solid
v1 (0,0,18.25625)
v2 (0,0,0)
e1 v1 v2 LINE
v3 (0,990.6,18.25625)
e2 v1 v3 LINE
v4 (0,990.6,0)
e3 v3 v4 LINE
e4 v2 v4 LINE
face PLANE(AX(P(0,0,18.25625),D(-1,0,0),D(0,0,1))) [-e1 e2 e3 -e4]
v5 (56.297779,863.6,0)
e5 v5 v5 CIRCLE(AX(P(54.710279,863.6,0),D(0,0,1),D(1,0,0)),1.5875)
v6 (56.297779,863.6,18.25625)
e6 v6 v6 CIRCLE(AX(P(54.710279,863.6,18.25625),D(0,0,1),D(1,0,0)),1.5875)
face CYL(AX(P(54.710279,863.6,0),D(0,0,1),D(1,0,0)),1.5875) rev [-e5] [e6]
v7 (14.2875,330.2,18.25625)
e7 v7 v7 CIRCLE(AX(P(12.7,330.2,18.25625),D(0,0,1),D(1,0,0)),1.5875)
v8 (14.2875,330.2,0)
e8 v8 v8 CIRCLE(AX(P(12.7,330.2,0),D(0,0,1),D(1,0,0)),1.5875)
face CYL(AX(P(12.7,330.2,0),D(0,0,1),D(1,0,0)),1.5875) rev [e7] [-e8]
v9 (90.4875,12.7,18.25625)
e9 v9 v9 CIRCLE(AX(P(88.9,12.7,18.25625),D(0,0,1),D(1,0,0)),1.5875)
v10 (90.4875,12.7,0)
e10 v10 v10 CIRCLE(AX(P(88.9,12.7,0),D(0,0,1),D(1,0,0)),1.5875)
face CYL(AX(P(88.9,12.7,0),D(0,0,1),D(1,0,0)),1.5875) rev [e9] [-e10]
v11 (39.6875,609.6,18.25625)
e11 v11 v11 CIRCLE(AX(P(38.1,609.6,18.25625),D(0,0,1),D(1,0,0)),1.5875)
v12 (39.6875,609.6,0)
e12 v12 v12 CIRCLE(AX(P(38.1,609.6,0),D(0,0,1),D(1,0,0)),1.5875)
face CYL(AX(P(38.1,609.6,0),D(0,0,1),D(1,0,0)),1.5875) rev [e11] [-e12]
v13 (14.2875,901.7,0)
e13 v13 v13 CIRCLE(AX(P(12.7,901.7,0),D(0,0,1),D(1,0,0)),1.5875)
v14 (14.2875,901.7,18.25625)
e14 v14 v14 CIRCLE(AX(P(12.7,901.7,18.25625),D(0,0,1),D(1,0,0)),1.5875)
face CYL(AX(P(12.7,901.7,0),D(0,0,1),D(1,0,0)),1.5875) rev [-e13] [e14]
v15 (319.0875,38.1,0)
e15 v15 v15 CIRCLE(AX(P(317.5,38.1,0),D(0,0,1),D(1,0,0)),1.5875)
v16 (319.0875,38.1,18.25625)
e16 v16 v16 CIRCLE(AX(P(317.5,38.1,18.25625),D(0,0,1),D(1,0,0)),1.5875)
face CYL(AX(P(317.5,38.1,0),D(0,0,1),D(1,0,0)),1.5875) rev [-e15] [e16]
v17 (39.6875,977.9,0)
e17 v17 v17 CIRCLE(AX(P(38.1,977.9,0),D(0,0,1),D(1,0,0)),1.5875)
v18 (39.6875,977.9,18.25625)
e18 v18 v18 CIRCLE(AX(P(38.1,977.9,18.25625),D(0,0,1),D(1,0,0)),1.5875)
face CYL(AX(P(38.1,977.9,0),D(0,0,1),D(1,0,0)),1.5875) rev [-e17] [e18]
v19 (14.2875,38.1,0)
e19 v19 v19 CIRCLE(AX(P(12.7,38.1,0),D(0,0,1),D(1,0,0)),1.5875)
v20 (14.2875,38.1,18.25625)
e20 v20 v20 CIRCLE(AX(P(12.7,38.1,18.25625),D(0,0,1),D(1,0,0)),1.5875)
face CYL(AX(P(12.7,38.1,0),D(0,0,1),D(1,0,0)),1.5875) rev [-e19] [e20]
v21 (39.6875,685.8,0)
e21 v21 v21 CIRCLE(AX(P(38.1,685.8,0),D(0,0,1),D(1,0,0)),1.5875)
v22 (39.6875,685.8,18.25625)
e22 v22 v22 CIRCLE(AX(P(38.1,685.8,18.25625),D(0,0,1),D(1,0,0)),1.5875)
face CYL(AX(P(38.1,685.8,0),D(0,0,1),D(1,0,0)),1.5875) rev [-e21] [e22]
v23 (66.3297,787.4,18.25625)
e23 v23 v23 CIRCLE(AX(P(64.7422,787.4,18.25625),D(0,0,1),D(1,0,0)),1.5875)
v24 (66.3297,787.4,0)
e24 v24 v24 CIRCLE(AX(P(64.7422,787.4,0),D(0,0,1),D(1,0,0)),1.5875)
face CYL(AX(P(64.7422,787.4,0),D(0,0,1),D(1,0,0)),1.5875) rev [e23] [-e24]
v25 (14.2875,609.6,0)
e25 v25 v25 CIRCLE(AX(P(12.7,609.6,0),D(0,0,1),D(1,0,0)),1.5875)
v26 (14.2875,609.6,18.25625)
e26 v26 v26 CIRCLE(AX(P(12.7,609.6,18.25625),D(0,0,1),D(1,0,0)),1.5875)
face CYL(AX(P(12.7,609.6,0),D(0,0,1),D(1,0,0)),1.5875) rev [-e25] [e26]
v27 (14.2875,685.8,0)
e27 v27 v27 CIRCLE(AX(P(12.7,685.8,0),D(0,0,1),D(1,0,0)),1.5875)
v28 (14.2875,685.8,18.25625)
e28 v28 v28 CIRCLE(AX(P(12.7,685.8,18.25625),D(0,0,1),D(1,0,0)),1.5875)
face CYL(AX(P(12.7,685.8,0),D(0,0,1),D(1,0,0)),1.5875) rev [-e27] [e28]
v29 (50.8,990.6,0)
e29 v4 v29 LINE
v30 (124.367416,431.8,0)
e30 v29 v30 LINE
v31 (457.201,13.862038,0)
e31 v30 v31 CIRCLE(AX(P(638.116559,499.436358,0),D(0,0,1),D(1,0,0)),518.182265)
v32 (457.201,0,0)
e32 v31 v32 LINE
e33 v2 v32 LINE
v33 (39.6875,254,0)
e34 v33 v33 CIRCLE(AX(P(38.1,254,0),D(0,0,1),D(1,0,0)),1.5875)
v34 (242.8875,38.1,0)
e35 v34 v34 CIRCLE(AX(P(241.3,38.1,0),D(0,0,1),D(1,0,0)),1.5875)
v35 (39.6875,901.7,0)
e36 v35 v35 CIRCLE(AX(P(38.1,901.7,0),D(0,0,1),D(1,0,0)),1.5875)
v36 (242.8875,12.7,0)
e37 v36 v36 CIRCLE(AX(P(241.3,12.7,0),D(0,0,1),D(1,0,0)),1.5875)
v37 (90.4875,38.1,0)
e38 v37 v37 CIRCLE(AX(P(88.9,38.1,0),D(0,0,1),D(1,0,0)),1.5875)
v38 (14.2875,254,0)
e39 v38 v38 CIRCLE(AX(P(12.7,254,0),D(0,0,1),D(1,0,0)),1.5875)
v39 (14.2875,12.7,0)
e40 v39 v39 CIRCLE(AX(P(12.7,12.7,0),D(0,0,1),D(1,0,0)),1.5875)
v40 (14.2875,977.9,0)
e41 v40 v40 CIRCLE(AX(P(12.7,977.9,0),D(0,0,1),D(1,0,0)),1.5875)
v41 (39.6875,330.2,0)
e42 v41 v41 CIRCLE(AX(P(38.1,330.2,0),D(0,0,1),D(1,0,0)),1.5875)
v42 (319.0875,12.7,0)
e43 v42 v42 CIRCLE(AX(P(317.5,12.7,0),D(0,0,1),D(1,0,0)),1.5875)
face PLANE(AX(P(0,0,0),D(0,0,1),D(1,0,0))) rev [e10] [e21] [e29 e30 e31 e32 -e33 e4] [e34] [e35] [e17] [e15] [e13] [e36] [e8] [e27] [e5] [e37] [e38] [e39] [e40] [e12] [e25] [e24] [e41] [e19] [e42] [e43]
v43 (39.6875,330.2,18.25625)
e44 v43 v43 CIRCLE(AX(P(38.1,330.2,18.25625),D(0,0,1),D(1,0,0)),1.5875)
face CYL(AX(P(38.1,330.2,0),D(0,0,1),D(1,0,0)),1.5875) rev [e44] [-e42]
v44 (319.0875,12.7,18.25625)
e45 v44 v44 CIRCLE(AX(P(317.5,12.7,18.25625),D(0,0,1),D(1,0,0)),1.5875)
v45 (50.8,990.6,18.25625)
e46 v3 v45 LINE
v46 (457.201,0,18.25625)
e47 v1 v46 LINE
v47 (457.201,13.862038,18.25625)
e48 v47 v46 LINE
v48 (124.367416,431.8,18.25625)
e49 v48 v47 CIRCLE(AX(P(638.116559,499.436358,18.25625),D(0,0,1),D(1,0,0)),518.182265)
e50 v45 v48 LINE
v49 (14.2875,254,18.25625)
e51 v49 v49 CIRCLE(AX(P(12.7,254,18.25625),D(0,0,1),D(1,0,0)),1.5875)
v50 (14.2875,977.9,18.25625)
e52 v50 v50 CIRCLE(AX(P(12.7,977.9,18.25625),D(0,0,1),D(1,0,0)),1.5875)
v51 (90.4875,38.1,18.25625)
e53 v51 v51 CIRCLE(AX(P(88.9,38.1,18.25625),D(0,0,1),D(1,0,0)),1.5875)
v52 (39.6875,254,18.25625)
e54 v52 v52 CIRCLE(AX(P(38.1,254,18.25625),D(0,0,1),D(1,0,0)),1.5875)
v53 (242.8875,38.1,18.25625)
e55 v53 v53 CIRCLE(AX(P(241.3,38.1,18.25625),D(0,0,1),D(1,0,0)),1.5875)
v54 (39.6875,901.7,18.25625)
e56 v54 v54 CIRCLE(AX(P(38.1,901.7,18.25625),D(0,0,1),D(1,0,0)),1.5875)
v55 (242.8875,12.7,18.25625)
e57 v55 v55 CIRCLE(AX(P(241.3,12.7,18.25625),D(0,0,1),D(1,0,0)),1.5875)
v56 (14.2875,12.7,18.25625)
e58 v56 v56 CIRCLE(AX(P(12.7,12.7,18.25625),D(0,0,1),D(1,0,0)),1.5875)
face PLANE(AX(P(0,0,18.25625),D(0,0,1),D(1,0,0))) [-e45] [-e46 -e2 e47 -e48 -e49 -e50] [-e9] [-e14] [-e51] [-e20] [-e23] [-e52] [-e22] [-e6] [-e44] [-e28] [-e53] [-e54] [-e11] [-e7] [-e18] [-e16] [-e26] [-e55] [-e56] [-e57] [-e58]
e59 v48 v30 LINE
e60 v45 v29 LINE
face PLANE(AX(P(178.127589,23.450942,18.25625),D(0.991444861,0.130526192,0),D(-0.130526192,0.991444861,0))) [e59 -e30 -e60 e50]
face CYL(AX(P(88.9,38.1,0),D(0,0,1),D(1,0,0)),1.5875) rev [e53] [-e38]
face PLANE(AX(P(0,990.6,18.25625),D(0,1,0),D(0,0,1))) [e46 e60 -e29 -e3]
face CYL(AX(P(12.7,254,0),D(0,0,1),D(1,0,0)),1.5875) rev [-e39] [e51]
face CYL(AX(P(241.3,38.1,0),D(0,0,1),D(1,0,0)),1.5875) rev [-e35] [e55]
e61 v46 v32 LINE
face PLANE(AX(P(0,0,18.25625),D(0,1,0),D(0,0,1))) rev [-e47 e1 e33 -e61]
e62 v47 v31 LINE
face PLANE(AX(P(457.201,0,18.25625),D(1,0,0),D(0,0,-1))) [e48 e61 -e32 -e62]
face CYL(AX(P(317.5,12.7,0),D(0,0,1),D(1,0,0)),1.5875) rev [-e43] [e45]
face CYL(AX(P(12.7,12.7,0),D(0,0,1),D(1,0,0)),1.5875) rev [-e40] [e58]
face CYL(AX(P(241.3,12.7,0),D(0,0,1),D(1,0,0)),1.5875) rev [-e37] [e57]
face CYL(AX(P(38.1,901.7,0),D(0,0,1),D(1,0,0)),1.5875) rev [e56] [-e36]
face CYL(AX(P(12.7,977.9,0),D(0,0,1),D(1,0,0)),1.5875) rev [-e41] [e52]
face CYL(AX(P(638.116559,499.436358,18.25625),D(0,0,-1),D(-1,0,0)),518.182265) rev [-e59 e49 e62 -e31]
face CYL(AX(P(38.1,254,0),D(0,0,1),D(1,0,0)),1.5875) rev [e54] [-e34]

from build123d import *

# Parameters (mm, degrees)
BOSS_EXTRUDE1_DEPTH = 18.25625
SKETCH2_R           = 1.5875
CUT_EXTRUDE1_DEPTH  = 1092.171116308
SKETCH3_R           = 1.5875
CUT_EXTRUDE2_DEPTH  = 1092.171116308


with BuildPart() as part:
    # Sketch1 → Boss-Extrude1 (new body)
    with BuildSketch(Plane.XY):
        with BuildLine():
            Line((0, 990.6), (0, 0))
            Line((0, 0), (457.201, 0))
            Line((457.201, 0), (457.201, 13.862038208))
            ThreePointArc((457.201, 13.862038208), (232.767577124, 176.628269142), (124.367415652, 431.8))
            Line((124.367415652, 431.8), (50.8, 990.6))
            Line((50.8, 990.6), (0, 990.6))
        make_face()
    extrude(amount=BOSS_EXTRUDE1_DEPTH)

    # Sketch2 → Cut-Extrude1 (cut, through all)
    with BuildSketch(Plane.XY.offset(18.25625)):
        with Locations((12.7, 977.9)):
            Circle(SKETCH2_R)
        with Locations((38.1, 977.9)):
            Circle(SKETCH2_R)
        with Locations((12.7, 901.7)):
            Circle(SKETCH2_R)
        with Locations((38.1, 901.7)):
            Circle(SKETCH2_R)
        with Locations((12.7, 609.6)):
            Circle(SKETCH2_R)
        with Locations((38.1, 609.6)):
            Circle(SKETCH2_R)
        with Locations((12.7, 685.8)):
            Circle(SKETCH2_R)
        with Locations((38.1, 685.8)):
            Circle(SKETCH2_R)
        with Locations((12.7, 254)):
            Circle(SKETCH2_R)
        with Locations((38.1, 254)):
            Circle(SKETCH2_R)
        with Locations((12.7, 330.2)):
            Circle(SKETCH2_R)
        with Locations((38.1, 330.2)):
            Circle(SKETCH2_R)
        with Locations((12.7, 38.1)):
            Circle(SKETCH2_R)
        with Locations((12.7, 12.7)):
            Circle(SKETCH2_R)
        with Locations((88.9, 38.1)):
            Circle(SKETCH2_R)
        with Locations((88.9, 12.7)):
            Circle(SKETCH2_R)
        with Locations((241.3, 38.1)):
            Circle(SKETCH2_R)
        with Locations((317.5, 38.1)):
            Circle(SKETCH2_R)
        with Locations((241.3, 12.7)):
            Circle(SKETCH2_R)
        with Locations((317.5, 12.7)):
            Circle(SKETCH2_R)
    extrude(amount=-CUT_EXTRUDE1_DEPTH, mode=Mode.SUBTRACT)

    # Sketch3 → Cut-Extrude2 (cut, through all)
    with BuildSketch(Plane.XY.offset(18.25625)):
        with Locations((64.74219971, 787.4)):
            Circle(SKETCH3_R)
        with Locations((54.710279394, 863.6)):
            Circle(SKETCH3_R)
    extrude(amount=-CUT_EXTRUDE2_DEPTH, mode=Mode.SUBTRACT)


solid = part.part
